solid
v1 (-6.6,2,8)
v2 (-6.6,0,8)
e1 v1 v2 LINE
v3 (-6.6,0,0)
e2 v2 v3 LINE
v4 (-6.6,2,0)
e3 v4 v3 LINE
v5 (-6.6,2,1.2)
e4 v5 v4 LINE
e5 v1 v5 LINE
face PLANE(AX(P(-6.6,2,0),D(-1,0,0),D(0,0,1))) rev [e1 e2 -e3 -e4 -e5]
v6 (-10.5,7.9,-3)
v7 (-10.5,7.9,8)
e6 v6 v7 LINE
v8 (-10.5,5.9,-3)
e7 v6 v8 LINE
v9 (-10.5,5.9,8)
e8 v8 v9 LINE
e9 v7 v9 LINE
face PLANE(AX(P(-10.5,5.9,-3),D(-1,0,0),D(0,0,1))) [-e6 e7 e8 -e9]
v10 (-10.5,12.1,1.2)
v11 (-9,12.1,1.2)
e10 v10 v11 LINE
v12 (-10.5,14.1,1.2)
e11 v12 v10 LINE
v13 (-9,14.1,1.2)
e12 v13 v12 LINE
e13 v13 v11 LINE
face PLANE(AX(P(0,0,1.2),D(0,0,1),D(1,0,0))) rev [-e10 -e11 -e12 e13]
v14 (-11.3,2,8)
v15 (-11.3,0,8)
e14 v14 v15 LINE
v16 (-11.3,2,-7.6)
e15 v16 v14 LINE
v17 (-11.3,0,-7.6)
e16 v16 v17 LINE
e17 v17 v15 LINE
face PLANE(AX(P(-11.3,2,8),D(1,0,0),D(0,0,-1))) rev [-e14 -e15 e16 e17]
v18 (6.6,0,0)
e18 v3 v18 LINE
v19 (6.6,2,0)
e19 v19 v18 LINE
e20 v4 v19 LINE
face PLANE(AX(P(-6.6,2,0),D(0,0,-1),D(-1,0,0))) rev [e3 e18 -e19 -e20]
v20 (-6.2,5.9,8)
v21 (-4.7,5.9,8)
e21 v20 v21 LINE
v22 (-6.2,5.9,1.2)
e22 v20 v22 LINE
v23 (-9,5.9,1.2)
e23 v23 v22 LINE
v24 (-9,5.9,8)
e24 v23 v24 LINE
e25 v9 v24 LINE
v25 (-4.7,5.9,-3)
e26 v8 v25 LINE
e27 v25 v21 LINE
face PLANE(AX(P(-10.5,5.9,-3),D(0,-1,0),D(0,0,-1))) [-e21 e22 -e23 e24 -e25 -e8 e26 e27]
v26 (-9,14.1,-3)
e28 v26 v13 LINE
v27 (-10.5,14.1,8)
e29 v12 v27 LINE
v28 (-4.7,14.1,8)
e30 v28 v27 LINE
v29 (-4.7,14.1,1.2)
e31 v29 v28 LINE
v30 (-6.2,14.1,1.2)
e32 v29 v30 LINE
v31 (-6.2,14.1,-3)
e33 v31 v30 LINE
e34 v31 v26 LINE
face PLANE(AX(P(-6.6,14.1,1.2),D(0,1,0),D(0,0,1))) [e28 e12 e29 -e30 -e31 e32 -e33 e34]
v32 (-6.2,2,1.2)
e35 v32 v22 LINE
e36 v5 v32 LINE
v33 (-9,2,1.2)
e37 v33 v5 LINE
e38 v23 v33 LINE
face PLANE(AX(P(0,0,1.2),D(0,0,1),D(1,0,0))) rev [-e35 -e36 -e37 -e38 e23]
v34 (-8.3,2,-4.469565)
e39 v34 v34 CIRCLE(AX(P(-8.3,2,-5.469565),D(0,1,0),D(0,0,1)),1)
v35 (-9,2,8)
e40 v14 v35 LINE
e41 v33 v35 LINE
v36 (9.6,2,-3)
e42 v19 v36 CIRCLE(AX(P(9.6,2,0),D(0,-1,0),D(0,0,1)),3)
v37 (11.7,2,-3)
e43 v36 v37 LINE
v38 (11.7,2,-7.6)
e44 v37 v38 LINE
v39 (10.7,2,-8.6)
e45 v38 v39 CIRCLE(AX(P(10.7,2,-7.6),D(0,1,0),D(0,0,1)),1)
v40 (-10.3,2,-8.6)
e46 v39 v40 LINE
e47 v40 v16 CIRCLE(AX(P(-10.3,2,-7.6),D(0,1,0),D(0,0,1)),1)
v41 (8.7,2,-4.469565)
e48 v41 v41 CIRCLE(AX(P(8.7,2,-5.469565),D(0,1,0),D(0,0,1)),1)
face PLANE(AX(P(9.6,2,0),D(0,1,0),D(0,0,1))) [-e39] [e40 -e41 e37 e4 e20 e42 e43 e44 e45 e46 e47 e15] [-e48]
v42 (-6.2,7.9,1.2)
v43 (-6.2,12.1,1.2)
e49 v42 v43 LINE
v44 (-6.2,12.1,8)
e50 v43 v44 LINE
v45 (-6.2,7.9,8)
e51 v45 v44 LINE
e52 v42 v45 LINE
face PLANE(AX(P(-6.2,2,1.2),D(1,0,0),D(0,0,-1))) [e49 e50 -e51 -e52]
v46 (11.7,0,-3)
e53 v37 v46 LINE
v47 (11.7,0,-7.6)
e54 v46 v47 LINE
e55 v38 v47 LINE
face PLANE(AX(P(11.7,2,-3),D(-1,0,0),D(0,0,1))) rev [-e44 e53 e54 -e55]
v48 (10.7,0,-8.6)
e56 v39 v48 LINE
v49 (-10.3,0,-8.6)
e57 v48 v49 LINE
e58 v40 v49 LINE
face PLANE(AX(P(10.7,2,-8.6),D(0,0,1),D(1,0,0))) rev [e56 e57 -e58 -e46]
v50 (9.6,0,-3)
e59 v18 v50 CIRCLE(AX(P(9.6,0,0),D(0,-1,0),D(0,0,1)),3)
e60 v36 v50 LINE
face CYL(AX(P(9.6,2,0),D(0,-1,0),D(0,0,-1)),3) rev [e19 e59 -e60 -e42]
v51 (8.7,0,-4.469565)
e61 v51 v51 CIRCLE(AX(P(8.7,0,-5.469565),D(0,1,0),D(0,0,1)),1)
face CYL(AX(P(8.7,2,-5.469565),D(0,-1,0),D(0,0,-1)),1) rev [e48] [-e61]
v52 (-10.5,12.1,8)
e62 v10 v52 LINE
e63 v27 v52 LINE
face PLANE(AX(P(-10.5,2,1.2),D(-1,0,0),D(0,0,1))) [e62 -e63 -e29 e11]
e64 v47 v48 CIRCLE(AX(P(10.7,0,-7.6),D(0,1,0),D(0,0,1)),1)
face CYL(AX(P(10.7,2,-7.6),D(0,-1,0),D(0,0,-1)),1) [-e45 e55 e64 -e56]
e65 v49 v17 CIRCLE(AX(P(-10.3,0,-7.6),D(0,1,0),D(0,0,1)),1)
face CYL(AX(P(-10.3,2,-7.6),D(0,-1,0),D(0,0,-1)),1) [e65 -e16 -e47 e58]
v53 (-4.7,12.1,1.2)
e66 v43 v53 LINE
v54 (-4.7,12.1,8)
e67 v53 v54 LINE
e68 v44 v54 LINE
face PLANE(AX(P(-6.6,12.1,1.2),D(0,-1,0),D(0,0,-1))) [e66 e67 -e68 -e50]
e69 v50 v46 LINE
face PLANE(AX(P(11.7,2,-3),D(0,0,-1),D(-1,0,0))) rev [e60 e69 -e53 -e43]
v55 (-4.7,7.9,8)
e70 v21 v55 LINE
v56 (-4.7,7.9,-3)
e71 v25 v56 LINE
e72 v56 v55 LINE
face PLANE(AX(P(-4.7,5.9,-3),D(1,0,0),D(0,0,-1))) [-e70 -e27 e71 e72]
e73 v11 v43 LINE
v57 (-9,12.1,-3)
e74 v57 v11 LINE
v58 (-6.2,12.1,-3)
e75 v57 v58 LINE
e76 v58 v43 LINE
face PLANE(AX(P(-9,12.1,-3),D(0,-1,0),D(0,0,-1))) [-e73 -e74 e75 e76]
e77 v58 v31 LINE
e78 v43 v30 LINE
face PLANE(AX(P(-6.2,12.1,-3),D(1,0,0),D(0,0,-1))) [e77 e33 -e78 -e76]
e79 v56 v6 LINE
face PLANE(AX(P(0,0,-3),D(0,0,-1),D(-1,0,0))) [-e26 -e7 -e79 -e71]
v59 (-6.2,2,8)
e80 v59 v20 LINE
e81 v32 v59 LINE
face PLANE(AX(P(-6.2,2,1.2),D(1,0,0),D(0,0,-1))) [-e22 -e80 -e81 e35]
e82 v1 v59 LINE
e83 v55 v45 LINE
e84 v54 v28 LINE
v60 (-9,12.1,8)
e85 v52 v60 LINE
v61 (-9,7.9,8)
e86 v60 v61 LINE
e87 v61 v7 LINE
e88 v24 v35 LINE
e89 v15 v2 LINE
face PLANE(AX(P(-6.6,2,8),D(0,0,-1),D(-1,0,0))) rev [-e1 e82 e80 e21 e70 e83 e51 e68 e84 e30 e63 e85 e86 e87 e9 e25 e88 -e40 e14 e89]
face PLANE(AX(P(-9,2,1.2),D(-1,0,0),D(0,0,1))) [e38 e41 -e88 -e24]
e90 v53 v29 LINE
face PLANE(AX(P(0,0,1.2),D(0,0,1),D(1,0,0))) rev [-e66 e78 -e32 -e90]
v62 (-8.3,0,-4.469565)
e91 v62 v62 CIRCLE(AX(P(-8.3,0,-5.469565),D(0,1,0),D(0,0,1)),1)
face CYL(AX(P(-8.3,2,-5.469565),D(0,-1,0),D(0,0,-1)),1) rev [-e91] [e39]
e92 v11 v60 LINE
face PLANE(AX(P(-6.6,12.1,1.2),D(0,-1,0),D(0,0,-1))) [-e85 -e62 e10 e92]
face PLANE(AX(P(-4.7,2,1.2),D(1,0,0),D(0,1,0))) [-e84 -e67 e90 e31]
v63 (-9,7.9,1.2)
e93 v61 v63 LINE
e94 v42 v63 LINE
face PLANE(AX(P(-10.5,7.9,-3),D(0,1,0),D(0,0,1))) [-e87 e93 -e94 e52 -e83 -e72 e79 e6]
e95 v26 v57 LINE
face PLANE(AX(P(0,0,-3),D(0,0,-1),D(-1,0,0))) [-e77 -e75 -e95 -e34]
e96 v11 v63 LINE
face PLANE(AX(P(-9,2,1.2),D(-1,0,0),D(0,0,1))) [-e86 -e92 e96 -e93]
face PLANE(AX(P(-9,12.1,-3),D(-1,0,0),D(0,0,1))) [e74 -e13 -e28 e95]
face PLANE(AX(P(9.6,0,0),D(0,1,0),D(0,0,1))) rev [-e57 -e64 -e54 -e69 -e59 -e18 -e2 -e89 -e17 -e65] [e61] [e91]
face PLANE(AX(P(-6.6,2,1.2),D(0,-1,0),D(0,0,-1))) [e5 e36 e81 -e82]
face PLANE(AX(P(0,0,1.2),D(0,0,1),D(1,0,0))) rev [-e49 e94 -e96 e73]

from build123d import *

# Parameters (mm, degrees)
SKETCH1_R           = 1
BOSS_EXTRUDE1_DEPTH = 2
BOSS_EXTRUDE2_START = 8
BOSS_EXTRUDE2_DEPTH = 6.8
SKETCH3_W           = 2.8
SKETCH3_H           = 2
SKETCH3_W_2         = 5.8
BOSS_EXTRUDE3_DEPTH = 11


with BuildPart() as part:
    # Sketch1 → Boss-Extrude1 (new body)
    with BuildSketch(Plane(origin=(0, 0, 0), x_dir=(1, 0, 0), z_dir=(0, 1, 0))):
        with BuildLine():
            Line((11.7, 3), (11.7, 7.6))
            ThreePointArc((11.7, 7.6), (11.407106781, 8.307106781), (10.7, 8.6))
            Line((10.7, 8.6), (-10.3, 8.6))
            ThreePointArc((-10.3, 8.6), (-11.007106781, 8.307106781), (-11.3, 7.6))
            Line((-11.3, 7.6), (-11.3, -8))
            Line((-11.3, -8), (-6.6, -8))
            Line((-6.6, -8), (-6.6, 0))
            Line((-6.6, 0), (6.6, 0))
            ThreePointArc((6.6, 0), (7.478679656, 2.121320344), (9.6, 3))
            Line((9.6, 3), (11.7, 3))
        make_face()
        with Locations((8.7, 5.469565217)):
            Circle(SKETCH1_R, mode=Mode.SUBTRACT)
        with Locations((-8.3, 5.469565217)):
            Circle(SKETCH1_R, mode=Mode.SUBTRACT)
    extrude(amount=BOSS_EXTRUDE1_DEPTH)

    # Sketch2 → Boss-Extrude2 (add)
    with BuildSketch(Plane.XY.offset(BOSS_EXTRUDE2_START)):
        Polygon((-9, 2), (-9, 12.1), (-10.5, 12.1), (-10.5, 14.1), (-4.7, 14.1), (-4.7, 12.1), (-6.2, 12.1), (-6.2, 2), align=None)
    extrude(amount=-BOSS_EXTRUDE2_DEPTH)

    # Sketch3 → Boss-Extrude3 (add)
    with BuildSketch(Plane.XY.offset(8)):
        with Locations((-7.6, 13.1)):
            Rectangle(SKETCH3_W, SKETCH3_H)
        with Locations((-7.6, 6.9)):
            Rectangle(SKETCH3_W_2, SKETCH3_H)
    extrude(amount=-BOSS_EXTRUDE3_DEPTH)


solid = part.part
